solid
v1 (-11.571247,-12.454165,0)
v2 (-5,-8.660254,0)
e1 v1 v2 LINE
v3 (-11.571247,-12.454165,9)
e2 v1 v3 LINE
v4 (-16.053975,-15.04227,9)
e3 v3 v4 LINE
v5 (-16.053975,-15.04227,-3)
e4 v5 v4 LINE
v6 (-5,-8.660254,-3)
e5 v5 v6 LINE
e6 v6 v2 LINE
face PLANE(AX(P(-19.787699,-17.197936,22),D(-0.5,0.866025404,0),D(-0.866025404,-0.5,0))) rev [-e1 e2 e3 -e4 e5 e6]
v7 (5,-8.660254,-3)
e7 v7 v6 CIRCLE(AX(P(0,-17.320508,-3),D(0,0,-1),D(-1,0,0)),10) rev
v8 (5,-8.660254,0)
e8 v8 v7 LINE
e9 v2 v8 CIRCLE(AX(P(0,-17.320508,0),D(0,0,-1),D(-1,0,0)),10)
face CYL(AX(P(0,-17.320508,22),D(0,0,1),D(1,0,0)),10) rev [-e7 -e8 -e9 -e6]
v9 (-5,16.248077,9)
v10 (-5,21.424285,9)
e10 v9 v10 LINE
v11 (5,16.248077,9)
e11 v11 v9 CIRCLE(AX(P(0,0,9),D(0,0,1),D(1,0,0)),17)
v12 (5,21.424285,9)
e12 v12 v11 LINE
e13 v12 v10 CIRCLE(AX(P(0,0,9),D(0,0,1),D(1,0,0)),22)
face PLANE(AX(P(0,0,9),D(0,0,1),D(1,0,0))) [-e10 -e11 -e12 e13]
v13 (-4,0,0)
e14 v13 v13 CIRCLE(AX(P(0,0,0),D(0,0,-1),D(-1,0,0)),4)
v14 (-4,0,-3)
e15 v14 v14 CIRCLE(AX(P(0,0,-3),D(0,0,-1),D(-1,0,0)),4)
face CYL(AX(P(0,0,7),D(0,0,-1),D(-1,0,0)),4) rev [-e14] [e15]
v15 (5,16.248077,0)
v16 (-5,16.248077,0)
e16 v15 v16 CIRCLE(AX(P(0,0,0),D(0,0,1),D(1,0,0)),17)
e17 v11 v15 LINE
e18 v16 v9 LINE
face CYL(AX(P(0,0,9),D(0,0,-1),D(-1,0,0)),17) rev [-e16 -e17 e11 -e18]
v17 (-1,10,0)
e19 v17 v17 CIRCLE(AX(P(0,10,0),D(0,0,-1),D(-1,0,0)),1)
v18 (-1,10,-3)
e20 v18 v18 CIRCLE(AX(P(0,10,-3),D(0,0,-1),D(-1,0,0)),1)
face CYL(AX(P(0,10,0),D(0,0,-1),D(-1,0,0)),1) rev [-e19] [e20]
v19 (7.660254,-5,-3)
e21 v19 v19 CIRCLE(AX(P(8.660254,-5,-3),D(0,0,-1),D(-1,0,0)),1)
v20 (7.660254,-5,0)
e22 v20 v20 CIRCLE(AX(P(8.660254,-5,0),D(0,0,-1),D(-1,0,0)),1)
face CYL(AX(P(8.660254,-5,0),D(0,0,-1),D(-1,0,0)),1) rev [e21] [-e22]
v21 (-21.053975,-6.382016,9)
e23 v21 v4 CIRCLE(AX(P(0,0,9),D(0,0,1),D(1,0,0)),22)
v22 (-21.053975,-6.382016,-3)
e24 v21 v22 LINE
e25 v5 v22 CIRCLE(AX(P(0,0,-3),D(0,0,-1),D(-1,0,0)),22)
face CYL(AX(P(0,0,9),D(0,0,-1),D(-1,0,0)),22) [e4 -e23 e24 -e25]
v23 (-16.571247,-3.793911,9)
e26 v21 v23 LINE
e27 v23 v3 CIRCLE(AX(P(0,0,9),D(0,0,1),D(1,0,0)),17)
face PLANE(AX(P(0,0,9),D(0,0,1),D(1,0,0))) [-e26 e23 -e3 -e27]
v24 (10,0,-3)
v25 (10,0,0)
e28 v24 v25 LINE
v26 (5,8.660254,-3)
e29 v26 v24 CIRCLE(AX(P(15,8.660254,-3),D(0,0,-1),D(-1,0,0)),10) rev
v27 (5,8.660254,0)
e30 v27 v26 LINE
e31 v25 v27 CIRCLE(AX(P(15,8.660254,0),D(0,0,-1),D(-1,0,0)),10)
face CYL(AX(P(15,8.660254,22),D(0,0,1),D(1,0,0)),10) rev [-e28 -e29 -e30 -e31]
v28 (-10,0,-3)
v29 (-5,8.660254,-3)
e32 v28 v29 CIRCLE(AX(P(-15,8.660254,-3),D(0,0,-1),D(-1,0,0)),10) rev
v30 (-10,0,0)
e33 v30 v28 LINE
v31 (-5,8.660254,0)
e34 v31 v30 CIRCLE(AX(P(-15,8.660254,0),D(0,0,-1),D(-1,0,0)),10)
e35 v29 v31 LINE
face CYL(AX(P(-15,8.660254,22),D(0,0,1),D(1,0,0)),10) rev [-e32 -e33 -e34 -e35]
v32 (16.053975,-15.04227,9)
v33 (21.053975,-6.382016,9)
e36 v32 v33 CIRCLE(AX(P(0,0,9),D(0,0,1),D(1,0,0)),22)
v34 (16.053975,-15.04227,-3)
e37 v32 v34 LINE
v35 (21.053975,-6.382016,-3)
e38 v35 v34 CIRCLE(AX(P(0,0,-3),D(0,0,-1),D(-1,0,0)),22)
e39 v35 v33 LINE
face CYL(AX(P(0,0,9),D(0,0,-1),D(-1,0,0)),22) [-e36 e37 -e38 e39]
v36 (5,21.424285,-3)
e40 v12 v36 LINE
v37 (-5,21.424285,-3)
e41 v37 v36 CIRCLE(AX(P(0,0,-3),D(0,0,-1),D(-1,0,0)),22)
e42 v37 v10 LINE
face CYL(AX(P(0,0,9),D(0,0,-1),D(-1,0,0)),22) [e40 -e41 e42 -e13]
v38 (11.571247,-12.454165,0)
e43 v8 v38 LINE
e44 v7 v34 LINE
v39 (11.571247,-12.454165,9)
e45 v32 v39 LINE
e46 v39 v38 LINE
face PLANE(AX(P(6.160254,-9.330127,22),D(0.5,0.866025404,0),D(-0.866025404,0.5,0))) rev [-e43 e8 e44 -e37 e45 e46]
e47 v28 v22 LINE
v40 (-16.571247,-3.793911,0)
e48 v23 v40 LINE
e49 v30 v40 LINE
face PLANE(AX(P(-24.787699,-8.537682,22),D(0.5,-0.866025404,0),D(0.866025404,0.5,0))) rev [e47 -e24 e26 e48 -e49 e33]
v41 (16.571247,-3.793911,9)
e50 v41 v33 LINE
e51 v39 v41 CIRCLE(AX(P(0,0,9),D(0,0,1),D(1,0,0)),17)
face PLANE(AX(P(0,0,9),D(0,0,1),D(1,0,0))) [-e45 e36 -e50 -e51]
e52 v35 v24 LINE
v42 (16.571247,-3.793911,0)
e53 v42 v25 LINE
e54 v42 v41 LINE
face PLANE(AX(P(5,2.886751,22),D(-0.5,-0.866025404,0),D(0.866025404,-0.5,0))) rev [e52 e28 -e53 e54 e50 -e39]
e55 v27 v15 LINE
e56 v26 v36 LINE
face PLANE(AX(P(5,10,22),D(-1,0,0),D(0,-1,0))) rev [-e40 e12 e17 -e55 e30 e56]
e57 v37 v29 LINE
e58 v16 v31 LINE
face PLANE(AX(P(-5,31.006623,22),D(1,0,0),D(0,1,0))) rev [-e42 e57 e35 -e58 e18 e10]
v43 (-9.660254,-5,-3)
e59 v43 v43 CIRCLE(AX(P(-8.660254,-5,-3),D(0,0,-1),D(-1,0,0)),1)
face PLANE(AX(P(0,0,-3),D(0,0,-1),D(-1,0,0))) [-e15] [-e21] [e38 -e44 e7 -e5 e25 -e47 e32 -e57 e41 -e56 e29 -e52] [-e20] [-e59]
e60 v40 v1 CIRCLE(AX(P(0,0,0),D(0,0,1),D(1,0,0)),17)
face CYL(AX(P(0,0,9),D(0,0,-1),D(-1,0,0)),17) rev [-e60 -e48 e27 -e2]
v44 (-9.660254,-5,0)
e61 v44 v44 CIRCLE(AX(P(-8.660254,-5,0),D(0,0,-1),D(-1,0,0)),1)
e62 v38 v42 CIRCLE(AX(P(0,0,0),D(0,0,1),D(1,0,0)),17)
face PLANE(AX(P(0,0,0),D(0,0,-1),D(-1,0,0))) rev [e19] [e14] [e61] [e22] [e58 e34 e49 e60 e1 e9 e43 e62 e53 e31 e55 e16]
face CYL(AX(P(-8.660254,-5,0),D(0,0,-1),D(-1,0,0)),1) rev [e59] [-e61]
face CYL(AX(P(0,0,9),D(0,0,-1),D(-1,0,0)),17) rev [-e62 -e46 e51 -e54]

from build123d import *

# Parameters (mm, degrees)
SKETCH_1_R          = 22
SKETCH_1_R_2        = 17
EXTRUDE_1_DEPTH     = 9
SKETCH_2_R          = 22
EXTRUDE_2_DEPTH     = 3
SKETCH_3_R          = 1
CUT_EXTRUDE_1_DEPTH = 3
CUT_EXTRUDE_2_DEPTH = 25
SKETCH_5_R          = 4
CUT_EXTRUDE_3_DEPTH = 10
FILLET_1_R          = 10
FILLET_2_R          = 10


with BuildPart() as part:
    # 草图1 → 凸台-拉伸1 (new body)
    with BuildSketch(Plane.XY):
        Circle(SKETCH_1_R)
        Circle(SKETCH_1_R_2, mode=Mode.SUBTRACT)
    extrude(amount=EXTRUDE_1_DEPTH)

    # 草图2 → 凸台-拉伸2 (add)
    with BuildSketch(Plane(origin=(0, 0, 0), x_dir=(-1, 0, 0), z_dir=(0, 0, -1))):
        Circle(SKETCH_2_R)
    extrude(amount=EXTRUDE_2_DEPTH)

    # 草图3 → 切除-拉伸1 (cut)
    with BuildSketch(Plane(origin=(0, 0, -3), x_dir=(-1, 0, 0), z_dir=(0, 0, -1))):
        with Locations((0, 10)):
            Circle(SKETCH_3_R)
        with Locations((8.660254038, -5)):
            Circle(SKETCH_3_R)
        with Locations((-8.660254038, -5)):
            Circle(SKETCH_3_R)
    extrude(amount=-CUT_EXTRUDE_1_DEPTH, mode=Mode.SUBTRACT)

    # 草图4 → 切除-拉伸2 (cut)
    with BuildSketch(Plane(origin=(0, 0, -3), x_dir=(-1, 0, 0), z_dir=(0, 0, -1))):
        Polygon((24.787699458, -8.537682263), (5, 2.886751346), (5, 15), (5, 31.006622637), (28.596284234, 19.54376122), align=None)
        Polygon((-6.160254038, -9.330127019), (0, -5.773502692), (19.787699458, -17.197936301), (-4.03507969, -32.43608202), (-23.902747272, -19.573760264), align=None)
        Polygon((-5, 10), (-5, 2.886751346), (-28.902747272, -10.913506226), (-27.638085306, 27.170625695), (-5, 31.006622637), align=None)
    extrude(amount=-CUT_EXTRUDE_2_DEPTH, mode=Mode.SUBTRACT)

    # 草图5 → 切除-拉伸3 (cut)
    with BuildSketch(Plane(origin=(0, 0, -3), x_dir=(-1, 0, 0), z_dir=(0, 0, -1))):
        Circle(SKETCH_5_R)
    extrude(amount=-CUT_EXTRUDE_3_DEPTH, mode=Mode.SUBTRACT)

    # 圆角1
    fillet_1_edges = [part.edges().sort_by_distance(p)[0] for p in [
        (-5, 2.886751346, -1.5),
    ]]
    fillet(fillet_1_edges, radius=FILLET_1_R)

    # 圆角2
    fillet_2_edges = [part.edges().sort_by_distance(p)[0] for p in [
        (5, 2.886751346, -1.5),
        (0, -5.773502692, -1.5),
    ]]
    fillet(fillet_2_edges, radius=FILLET_2_R)


solid = part.part
